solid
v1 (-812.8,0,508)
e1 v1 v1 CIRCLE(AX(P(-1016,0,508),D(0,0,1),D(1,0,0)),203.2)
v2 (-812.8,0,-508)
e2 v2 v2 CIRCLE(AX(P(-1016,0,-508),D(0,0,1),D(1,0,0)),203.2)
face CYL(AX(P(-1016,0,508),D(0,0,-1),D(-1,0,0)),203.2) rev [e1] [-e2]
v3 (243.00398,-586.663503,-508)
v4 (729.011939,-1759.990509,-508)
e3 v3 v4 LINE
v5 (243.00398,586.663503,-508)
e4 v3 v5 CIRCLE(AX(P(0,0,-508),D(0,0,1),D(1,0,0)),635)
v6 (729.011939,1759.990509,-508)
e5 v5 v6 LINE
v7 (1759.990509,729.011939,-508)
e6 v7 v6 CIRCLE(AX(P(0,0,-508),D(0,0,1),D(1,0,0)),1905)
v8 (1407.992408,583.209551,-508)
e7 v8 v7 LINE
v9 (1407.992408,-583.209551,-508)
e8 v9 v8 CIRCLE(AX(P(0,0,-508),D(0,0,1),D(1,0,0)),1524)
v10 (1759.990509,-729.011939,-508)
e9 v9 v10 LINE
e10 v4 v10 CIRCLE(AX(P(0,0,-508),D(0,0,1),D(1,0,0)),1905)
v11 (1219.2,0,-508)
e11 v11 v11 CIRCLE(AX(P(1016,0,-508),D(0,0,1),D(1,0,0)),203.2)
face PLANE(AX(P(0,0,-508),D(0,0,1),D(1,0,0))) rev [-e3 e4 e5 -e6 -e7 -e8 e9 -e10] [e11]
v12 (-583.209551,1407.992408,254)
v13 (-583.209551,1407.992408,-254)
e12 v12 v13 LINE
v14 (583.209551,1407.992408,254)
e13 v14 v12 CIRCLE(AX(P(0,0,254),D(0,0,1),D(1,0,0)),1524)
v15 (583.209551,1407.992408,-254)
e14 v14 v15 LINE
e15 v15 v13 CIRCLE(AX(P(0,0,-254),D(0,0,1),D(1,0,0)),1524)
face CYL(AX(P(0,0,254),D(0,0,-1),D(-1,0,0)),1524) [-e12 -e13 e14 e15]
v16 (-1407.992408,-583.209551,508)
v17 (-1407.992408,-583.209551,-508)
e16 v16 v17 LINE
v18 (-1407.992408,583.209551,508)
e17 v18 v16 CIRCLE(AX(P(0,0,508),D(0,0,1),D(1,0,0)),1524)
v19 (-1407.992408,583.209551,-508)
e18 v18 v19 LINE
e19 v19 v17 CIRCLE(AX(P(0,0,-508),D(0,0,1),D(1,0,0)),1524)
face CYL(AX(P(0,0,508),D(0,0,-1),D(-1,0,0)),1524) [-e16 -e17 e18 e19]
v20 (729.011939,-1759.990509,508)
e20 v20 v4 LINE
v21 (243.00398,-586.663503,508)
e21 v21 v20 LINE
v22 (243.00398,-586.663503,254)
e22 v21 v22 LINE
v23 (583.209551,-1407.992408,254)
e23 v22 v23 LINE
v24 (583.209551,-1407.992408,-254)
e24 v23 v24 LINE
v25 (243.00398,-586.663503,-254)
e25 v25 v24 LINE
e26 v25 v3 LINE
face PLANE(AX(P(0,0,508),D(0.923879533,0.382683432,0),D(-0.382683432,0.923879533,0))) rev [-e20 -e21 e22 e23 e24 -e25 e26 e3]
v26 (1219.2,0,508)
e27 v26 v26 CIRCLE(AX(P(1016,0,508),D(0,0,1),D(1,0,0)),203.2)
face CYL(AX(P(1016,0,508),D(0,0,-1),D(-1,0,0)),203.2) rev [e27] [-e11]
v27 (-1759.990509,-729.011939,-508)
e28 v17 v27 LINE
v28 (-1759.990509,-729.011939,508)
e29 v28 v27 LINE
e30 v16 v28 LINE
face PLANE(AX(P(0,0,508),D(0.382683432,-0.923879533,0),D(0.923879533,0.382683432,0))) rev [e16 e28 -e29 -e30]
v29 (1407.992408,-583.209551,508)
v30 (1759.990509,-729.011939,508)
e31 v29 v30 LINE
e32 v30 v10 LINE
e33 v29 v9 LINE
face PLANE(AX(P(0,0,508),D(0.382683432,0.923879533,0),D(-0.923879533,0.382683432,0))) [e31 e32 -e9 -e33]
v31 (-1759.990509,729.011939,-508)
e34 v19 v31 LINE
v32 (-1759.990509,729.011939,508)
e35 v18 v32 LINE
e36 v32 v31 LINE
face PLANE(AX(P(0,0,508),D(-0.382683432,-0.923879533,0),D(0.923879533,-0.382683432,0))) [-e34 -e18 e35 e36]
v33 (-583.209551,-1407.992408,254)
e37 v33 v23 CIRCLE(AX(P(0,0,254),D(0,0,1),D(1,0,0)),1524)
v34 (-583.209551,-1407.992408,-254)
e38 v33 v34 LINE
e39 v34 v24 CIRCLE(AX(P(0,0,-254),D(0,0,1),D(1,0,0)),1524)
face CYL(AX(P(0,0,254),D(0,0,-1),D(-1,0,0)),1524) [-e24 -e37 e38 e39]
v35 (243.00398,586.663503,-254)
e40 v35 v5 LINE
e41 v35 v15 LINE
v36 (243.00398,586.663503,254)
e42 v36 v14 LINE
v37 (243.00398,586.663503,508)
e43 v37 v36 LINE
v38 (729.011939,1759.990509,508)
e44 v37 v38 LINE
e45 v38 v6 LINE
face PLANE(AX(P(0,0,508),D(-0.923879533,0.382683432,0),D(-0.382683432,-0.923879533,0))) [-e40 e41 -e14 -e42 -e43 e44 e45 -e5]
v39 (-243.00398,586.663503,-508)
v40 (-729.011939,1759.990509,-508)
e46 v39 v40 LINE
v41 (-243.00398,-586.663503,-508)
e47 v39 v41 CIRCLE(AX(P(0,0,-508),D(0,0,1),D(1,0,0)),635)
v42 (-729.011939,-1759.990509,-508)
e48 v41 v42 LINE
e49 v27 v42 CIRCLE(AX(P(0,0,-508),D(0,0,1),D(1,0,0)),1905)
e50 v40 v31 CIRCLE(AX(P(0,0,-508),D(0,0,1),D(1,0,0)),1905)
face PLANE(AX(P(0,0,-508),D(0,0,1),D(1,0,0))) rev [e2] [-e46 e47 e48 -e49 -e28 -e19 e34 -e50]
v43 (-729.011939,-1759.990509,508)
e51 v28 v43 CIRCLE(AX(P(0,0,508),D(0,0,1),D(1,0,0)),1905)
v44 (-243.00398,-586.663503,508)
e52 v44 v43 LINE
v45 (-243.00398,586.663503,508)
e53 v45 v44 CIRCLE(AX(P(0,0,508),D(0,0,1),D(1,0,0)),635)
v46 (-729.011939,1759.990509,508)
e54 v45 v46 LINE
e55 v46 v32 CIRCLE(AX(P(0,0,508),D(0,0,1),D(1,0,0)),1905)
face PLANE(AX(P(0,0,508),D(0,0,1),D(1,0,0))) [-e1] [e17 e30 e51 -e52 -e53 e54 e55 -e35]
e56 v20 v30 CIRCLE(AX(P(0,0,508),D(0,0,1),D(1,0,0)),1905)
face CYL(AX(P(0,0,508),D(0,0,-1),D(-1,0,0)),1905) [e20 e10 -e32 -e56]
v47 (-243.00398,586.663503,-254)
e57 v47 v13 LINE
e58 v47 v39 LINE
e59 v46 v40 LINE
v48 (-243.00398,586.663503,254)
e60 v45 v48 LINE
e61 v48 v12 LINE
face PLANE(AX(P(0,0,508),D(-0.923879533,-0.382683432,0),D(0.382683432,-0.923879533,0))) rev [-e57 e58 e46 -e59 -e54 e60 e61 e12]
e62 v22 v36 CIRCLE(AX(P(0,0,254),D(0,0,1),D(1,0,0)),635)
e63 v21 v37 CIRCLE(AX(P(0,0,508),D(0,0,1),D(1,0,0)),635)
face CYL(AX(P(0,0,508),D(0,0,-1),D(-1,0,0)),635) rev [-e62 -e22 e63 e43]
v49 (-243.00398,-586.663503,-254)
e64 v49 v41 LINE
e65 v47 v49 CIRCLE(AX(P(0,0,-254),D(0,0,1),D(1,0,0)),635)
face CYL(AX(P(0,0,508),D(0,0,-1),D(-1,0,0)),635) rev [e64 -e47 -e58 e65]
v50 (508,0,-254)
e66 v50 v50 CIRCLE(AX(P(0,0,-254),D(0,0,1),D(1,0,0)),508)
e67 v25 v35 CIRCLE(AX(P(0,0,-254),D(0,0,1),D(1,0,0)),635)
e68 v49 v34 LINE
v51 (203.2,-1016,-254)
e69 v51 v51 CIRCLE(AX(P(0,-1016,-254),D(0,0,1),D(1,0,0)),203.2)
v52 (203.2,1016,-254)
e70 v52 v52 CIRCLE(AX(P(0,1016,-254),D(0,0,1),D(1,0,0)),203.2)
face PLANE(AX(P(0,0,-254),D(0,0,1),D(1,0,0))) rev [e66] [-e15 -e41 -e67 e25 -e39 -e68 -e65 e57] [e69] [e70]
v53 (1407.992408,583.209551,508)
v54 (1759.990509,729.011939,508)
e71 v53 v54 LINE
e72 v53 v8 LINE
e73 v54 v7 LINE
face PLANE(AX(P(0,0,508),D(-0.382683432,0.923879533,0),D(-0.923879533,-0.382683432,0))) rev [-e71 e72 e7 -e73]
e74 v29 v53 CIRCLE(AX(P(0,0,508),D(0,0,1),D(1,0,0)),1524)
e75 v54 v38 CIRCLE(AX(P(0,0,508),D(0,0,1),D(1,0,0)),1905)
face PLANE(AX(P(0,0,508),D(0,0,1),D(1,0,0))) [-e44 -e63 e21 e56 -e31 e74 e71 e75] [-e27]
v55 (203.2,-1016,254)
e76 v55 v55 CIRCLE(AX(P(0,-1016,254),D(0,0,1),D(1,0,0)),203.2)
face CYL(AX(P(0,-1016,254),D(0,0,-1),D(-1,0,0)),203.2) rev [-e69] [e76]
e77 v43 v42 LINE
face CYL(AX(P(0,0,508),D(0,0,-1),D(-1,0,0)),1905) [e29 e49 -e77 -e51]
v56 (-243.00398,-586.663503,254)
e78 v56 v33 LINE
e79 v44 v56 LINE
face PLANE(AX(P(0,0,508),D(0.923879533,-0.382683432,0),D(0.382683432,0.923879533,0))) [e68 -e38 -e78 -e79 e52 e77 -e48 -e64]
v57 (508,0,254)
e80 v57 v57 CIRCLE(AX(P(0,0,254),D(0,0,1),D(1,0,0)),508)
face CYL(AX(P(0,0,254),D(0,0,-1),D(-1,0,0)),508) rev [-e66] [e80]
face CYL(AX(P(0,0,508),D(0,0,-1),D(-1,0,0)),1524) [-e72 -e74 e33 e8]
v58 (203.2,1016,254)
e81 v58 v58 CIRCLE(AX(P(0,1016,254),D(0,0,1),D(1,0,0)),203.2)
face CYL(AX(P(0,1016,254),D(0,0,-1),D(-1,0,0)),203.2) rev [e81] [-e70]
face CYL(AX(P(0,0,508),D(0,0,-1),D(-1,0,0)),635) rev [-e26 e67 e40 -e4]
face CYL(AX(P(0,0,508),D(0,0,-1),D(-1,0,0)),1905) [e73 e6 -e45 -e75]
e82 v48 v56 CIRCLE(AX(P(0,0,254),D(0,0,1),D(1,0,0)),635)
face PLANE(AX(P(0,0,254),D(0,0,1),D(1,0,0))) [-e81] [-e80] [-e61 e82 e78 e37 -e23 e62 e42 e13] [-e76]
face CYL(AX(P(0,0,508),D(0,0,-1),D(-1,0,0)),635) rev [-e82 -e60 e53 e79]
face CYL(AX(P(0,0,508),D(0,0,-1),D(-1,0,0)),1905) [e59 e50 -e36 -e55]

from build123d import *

# Parameters (mm, degrees)
SKETCH1_R             = 203.2
BOSS_EXTRUDE1_DEPTH   = 508
BOSS_EXTRUDE1_2_DEPTH = 508
SKETCH1_3_R           = 203.2
SKETCH1_3_R_2         = 508
BOSS_EXTRUDE2_DEPTH   = 254


with BuildPart() as part:
    # Sketch1 → Boss-Extrude1 (new, symmetric)
    with BuildSketch(Plane.XY):
        with BuildLine():
            Line((729.011938655, 1759.990509434), (243.003979552, 586.663503145))
            ThreePointArc((243.003979552, 586.663503145), (635, 0), (243.003979552, -586.663503145))
            Line((243.003979552, -586.663503145), (729.011938655, -1759.990509434))
            ThreePointArc((729.011938655, -1759.990509434), (1347.03841816, -1347.03841816), (1759.990509434, -729.011938655))
            Line((1759.990509434, -729.011938655), (1407.992407547, -583.209550924))
            ThreePointArc((1407.992407547, -583.209550924), (1524, 0), (1407.992407547, 583.209550924))
            Line((1407.992407547, 583.209550924), (1759.990509434, 729.011938655))
            ThreePointArc((1759.990509434, 729.011938655), (1347.03841816, 1347.03841816), (729.011938655, 1759.990509434))
        make_face()
        with Locations((1016, 0)):
            Circle(SKETCH1_R, mode=Mode.SUBTRACT)
    extrude(amount=BOSS_EXTRUDE1_DEPTH, both=True)



with BuildPart() as body_2:
    # Sketch1 → Boss-Extrude1 2 (new, symmetric)
    with BuildSketch(Plane.XY):
        with BuildLine():
            Line((-1759.990509434, 729.011938655), (-1407.992407547, 583.209550924))
            ThreePointArc((-1407.992407547, 583.209550924), (-1524, 0), (-1407.992407547, -583.209550924))
            Line((-1407.992407547, -583.209550924), (-1759.990509434, -729.011938655))
            ThreePointArc((-1759.990509434, -729.011938655), (-1347.03841816, -1347.03841816), (-729.011938655, -1759.990509434))
            Line((-729.011938655, -1759.990509434), (-243.003979552, -586.663503145))
            ThreePointArc((-243.003979552, -586.663503145), (-635, 0), (-243.003979552, 586.663503145))
            Line((-243.003979552, 586.663503145), (-729.011938655, 1759.990509434))
            ThreePointArc((-729.011938655, 1759.990509434), (-1347.03841816, 1347.03841816), (-1759.990509434, 729.011938655))
        make_face()
        with Locations((-1016, 0)):
            Circle(SKETCH1_R, mode=Mode.SUBTRACT)
    extrude(amount=BOSS_EXTRUDE1_2_DEPTH, both=True)


with BuildPart() as part_1:
    add(part.part)

    add(body_2.part)  # Boss-Extrude2 merges body 2
    # Sketch1<3> → Boss-Extrude2 (add, symmetric)
    with BuildSketch(Plane.XY):
        with BuildLine():
            Line((243.003979552, 586.663503145), (583.209550924, 1407.992407547))
            ThreePointArc((583.209550924, 1407.992407547), (0, 1524), (-583.209550924, 1407.992407547))
            Line((-583.209550924, 1407.992407547), (-243.003979552, 586.663503145))
            ThreePointArc((-243.003979552, 586.663503145), (-635, 0), (-243.003979552, -586.663503145))
            Line((-243.003979552, -586.663503145), (-583.209550924, -1407.992407547))
            ThreePointArc((-583.209550924, -1407.992407547), (0, -1524), (583.209550924, -1407.992407547))
            Line((583.209550924, -1407.992407547), (243.003979552, -586.663503145))
            ThreePointArc((243.003979552, -586.663503145), (635, 0), (243.003979552, 586.663503145))
        make_face()
        with Locations((0, 1016)):
            Circle(SKETCH1_3_R, mode=Mode.SUBTRACT)
        Circle(SKETCH1_3_R_2, mode=Mode.SUBTRACT)
        with Locations((0, -1016)):
            Circle(SKETCH1_3_R, mode=Mode.SUBTRACT)
    extrude(amount=BOSS_EXTRUDE2_DEPTH, both=True)


solid = part_1.part
